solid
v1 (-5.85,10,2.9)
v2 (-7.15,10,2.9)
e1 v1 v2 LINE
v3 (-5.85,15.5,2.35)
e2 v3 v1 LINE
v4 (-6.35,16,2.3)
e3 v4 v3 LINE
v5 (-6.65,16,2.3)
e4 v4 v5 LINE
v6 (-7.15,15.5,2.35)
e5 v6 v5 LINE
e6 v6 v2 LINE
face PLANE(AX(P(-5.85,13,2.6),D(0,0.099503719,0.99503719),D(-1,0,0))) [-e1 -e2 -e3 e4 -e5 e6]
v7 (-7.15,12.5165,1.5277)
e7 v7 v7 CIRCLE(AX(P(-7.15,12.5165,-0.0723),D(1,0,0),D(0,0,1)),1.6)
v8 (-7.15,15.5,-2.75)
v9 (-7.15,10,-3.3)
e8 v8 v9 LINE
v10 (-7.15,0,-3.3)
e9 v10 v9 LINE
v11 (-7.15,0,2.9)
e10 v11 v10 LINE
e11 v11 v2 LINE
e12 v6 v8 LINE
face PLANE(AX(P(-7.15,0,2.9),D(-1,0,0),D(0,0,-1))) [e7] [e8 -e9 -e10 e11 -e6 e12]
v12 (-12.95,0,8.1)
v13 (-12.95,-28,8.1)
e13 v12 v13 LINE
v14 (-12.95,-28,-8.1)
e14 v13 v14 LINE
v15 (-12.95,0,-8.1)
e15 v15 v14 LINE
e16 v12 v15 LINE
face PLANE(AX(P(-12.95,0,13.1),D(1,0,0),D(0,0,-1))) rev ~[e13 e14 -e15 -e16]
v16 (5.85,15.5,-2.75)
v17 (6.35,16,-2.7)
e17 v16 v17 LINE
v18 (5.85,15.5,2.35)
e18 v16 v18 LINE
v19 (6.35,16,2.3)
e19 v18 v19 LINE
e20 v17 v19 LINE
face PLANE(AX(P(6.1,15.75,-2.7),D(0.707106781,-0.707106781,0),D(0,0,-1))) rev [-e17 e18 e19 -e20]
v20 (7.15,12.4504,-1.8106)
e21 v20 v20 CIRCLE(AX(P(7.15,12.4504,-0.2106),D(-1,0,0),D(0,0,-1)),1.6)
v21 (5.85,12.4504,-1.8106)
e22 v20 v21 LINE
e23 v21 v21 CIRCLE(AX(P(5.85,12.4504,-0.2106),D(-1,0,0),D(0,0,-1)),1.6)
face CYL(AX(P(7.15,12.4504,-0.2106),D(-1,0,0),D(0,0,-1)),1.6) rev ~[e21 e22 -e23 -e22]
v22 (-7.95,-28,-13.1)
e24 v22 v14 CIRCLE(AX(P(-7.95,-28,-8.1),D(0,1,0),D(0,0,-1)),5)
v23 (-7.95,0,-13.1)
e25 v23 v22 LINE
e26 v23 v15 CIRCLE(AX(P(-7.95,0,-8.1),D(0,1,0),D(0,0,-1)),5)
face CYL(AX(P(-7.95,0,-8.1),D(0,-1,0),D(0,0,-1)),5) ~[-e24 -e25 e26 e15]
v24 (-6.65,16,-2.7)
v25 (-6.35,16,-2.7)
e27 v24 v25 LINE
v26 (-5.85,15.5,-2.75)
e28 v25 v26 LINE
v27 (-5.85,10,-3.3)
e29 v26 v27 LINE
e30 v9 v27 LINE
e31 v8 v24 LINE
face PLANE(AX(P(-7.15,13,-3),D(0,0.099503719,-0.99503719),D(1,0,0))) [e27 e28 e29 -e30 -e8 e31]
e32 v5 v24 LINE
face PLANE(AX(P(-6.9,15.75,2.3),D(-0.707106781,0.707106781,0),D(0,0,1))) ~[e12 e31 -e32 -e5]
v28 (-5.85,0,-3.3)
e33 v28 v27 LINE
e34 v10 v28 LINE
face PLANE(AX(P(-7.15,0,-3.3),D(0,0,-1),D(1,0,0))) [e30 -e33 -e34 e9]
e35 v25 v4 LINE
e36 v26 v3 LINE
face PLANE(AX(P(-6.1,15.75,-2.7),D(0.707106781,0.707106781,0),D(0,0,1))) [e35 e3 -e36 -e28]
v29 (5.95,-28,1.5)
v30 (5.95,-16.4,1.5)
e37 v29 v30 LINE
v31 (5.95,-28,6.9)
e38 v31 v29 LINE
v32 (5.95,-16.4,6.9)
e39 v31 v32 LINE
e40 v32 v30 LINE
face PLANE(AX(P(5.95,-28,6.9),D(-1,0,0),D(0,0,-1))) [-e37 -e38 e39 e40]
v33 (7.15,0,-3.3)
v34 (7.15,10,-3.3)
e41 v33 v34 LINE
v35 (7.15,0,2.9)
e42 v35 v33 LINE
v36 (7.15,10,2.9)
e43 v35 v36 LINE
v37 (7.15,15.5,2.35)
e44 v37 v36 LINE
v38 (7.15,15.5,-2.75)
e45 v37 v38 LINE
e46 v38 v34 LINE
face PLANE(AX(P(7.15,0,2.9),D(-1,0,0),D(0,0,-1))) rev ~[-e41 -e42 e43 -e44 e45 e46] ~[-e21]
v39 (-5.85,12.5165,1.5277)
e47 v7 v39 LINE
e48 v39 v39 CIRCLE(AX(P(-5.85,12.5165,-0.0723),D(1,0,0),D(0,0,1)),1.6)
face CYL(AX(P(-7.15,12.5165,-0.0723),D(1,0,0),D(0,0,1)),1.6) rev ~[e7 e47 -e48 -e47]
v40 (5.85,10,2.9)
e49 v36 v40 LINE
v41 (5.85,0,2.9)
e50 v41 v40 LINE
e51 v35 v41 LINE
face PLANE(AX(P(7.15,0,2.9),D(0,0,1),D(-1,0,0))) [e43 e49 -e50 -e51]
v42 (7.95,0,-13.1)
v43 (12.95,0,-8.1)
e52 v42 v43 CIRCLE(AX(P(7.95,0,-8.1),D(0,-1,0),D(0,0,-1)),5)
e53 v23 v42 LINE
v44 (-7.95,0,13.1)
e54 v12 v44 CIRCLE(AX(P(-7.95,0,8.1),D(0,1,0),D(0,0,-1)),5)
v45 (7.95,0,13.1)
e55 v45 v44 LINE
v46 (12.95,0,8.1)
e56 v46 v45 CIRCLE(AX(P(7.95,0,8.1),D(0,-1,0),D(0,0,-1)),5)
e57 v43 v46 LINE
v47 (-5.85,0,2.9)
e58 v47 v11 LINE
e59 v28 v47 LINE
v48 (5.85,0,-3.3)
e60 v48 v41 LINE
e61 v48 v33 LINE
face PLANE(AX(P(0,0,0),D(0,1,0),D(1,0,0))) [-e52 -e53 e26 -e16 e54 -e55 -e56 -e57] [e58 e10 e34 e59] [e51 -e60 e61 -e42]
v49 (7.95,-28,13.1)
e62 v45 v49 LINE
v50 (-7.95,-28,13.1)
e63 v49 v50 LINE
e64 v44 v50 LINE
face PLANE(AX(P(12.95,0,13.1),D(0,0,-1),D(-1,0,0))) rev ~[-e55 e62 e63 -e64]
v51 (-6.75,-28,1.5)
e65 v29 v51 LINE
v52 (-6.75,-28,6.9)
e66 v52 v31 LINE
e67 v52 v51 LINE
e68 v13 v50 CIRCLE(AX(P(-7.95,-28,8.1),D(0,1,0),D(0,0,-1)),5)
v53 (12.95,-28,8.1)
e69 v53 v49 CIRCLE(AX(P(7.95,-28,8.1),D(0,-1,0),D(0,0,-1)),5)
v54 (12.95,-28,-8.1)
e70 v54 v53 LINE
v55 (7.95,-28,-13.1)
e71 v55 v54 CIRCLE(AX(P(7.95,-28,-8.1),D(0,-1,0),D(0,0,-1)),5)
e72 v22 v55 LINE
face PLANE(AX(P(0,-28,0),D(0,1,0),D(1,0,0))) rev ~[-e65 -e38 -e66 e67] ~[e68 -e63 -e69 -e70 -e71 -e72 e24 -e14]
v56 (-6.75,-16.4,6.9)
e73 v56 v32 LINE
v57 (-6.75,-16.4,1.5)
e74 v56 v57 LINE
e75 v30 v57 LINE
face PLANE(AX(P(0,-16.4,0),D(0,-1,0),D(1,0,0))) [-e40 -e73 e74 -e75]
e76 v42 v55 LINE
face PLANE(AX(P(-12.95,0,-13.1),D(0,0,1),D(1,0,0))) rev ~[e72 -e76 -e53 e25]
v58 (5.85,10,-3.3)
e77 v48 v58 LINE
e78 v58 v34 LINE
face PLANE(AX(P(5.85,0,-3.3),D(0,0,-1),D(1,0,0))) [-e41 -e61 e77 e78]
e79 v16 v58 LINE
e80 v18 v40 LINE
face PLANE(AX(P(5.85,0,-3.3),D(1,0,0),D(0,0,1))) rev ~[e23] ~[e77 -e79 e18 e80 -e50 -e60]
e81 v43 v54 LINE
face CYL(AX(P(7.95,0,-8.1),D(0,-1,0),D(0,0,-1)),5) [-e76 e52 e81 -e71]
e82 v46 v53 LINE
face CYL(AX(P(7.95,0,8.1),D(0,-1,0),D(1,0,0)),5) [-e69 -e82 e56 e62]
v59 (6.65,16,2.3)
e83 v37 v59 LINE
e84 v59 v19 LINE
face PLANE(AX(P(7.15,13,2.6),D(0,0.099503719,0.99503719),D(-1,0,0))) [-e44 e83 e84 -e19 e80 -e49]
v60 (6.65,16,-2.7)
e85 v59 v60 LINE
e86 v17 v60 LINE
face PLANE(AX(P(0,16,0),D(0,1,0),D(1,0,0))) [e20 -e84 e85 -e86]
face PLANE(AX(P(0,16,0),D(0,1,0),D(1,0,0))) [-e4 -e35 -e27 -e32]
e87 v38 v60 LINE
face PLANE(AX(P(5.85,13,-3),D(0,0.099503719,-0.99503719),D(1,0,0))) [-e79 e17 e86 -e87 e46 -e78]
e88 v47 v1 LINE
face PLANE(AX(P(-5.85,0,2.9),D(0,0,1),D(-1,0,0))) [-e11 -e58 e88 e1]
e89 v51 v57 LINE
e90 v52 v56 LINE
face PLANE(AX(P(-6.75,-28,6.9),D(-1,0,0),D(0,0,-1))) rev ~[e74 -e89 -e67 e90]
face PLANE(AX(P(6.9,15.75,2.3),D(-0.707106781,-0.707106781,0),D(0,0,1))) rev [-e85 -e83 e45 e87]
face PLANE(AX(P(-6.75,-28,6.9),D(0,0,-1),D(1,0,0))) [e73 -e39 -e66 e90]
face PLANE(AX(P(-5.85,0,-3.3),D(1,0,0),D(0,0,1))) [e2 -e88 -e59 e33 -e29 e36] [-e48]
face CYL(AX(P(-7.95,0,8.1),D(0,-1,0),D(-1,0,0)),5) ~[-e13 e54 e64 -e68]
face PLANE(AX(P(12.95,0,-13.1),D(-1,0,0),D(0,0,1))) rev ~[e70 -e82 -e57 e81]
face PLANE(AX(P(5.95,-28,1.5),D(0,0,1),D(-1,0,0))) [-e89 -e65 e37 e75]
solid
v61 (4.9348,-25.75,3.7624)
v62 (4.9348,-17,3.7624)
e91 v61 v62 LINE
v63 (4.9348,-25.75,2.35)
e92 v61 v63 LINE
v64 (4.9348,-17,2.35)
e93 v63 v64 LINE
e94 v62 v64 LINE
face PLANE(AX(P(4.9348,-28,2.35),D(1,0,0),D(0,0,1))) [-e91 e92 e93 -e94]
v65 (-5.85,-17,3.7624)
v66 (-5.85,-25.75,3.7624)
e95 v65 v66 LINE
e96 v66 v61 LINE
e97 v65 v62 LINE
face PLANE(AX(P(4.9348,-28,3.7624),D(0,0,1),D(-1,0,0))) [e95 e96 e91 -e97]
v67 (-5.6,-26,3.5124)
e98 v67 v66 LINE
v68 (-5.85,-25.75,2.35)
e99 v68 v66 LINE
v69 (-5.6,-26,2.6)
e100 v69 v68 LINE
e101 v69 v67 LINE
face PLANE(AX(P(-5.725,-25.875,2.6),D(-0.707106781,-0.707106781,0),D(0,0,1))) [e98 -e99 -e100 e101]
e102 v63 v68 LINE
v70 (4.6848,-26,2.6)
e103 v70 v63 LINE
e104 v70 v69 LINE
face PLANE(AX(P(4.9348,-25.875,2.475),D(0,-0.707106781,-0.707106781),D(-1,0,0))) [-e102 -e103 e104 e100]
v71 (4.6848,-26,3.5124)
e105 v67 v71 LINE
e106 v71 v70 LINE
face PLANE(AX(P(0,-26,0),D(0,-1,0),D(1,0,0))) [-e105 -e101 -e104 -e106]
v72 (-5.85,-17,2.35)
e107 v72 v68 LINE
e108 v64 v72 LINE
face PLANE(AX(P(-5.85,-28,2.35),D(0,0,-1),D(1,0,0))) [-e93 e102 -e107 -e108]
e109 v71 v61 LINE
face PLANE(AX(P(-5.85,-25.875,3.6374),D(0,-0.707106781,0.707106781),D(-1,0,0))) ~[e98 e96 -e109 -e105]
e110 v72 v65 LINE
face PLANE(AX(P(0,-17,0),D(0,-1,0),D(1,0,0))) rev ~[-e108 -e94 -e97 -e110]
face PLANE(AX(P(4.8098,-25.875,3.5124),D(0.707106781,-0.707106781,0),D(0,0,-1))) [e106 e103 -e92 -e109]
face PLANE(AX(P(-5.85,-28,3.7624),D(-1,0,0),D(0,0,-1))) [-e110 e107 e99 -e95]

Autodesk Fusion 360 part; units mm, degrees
sketch "スケッチ1" plane through (0, 0, 0) normal (0, 1, 0) x (1, 0, 0)
  line L0 (-12.95, 13.1) -> (12.95, 13.1)
  line L1 (12.95, 13.1) -> (12.95, -13.1)
  line L2 (12.95, -13.1) -> (-12.95, -13.1)
  line L3 (-12.95, -13.1) -> (-12.95, 13.1)
  line L4 (5.85, 3.3) -> (5.85, -2.9)
  line L5 (5.85, -2.9) -> (5.85, 3.3)
  line L6 (7.15, -2.9) -> (7.15, 3.3)
  line L7 (5.85, 3.3) -> (7.15, 3.3)
  line L8 (7.15, -2.9) -> (5.85, -2.9)
  line L9 (-7.15, 3.3) -> (-5.85, 3.3)
  line L10 (-5.85, 3.3) -> (-5.85, -2.9)
  line L11 (-5.85, -2.9) -> (-7.15, -2.9)
  line L12 (-7.15, -2.9) -> (-7.15, 3.3)
  line L13 (-12.95, 13.1) -> (12.95, -13.1) construction
  dimension "d1" = 26.2
  dimension "d3" = 1.3
  dimension "d4" = 1.3
  dimension "d5" = 6.2
  dimension "d6" = 6.2
  dimension "d9" = 25.9
  dimension "d10" = 5.8
  dimension "d11" = 5.8
  dimension "d12" = 9.8
  dimension "d13" = 9.8
extrude "押し出し1" add sketch "スケッチ1" against normal blind 28 contours L0 L1 L2 L3 | L4 L5 L6 L7 L8 | L9 L10 L11 L12 makes body 1
extrude "押し出し2" add sketch "スケッチ1" along normal blind 16 contours L4 L5 L6 L7 L8 | L9 L10 L11 L12 bodies 1
fillet "フィレット1" radius 5 4 edges at (12.95, -14, 13.1) (-12.95, -14, 13.1) (12.95, -14, -13.1) (-12.95, -14, -13.1) on bodies 1
chamfer "面取り1" distance 0.6 distance2 6 4 edges at (-6.5, 16, -3.3) (-6.5, 16, 2.9) (6.5, 16, 2.9) (6.5, 16, -3.3) measured on face at (-6.7167, 16, -1.2333) measured on face at (-6.7167, 16, -1.2333) measured on face at (6.2833, 16, -1.2333) measured on face at (6.2833, 16, -1.2333) on bodies 1
chamfer "面取り2" distance 0.5 angle 45 4 edges at (-7.15, 16, -0.2) (-5.85, 16, -0.2) (5.85, 16, -0.2) (7.15, 16, -0.2) on bodies 1
hole "穴1" at (7.15, 12.4504, -0.2106) direction (-1, 0, 0) diameter 3.2 depth 6 tip angle 118 bodies 1
hole "穴2" at (-7.15, 12.5165, -0.0723) direction (1, 0, 0) diameter 3.2 depth 6 tip angle 118 bodies 1
sketch "スケッチ2" plane through (0, -28, 0) normal (0, -1, 0) x (1, 0, 0)
  arc A0 (-12.95, -8.1) -> (-7.95, -13.1) centre (-7.95, -8.1) ccw
  line L0 (-7.95, -13.1) -> (7.95, -13.1)
  arc A1 (7.95, -13.1) -> (12.95, -8.1) centre (7.95, -8.1) ccw
  line L1 (12.95, -8.1) -> (12.95, 8.1)
  arc A2 (12.95, 8.1) -> (7.95, 13.1) centre (7.95, 8.1) ccw
  line L2 (7.95, 13.1) -> (-7.95, 13.1)
  arc A3 (-7.95, 13.1) -> (-12.95, 8.1) centre (-7.95, 8.1) ccw
  line L3 (-12.95, 8.1) -> (-12.95, -8.1)
  line L4 (-6.75, 6.9) -> (5.95, 6.9)
  line L5 (5.95, 6.9) -> (5.95, 1.5)
  line L6 (5.95, 1.5) -> (-6.75, 1.5)
  line L7 (-6.75, 6.9) -> (-6.75, 1.5)
  line L8 (-5.85, 3.7624) -> (-5.85, 2.35)
  line L9 (-5.85, 2.35) -> (4.9348, 2.35)
  line L10 (4.9348, 2.35) -> (4.9348, 3.7624)
  line L11 (4.9348, 3.7624) -> (-5.85, 3.7624)
  dimension "d28" = 12.7
  dimension "d29" = 5.4
  dimension "d30" = 6.2
  dimension "d31" = 6.2
extrude "押し出し4" cut sketch "スケッチ2" against normal blind 3 contours L8 L9 L10 L11 bodies 1
extrude "押し出し3" cut sketch "スケッチ2" against normal blind 11.6 contours L4 L5 L6 L7 | L8 L9 L10 L11 bodies 1
extrude "押し出し5" add sketch "スケッチ2" against normal blind 11 separate body contours L8 L9 L10 L11 makes body 2
move_face "面をオフセット1" offset -3 1 faces at (1.3399, -28, 3.2916) on bodies 2
extrude "押し出し6" add 1 faces at (1.3399, -25, 3.2916) along direction (0, -1, 0) blind 1 on bodies 2 bodies 2
chamfer "面取り3" distance 0.25 angle 45 1 edges at (-0.4576, -26, 3.7624) on bodies 2
chamfer "面取り4" distance 0.25 angle 45 1 edges at (-0.4576, -26, 2.35) on bodies 2
chamfer "面取り5" distance 0.25 angle 45 1 edges at (4.9348, -26, 3.0562) on bodies 2
chamfer "面取り6" distance 0.25 angle 45 1 edges at (-5.85, -26, 3.0562) on bodies 2
sketch "スケッチ3" plane through (0, 0, 0) normal (1, 0, 0) x (0, 0, -1)
  line L0 (53.2263, 26.7652) -> (6.6913, 26.7652)
  line L1 (12.0596, -308.4214) -> (9.4485, 270.6965)
  line L2 (12.6899, -265.3742) -> (9.9887, 251.0729)
